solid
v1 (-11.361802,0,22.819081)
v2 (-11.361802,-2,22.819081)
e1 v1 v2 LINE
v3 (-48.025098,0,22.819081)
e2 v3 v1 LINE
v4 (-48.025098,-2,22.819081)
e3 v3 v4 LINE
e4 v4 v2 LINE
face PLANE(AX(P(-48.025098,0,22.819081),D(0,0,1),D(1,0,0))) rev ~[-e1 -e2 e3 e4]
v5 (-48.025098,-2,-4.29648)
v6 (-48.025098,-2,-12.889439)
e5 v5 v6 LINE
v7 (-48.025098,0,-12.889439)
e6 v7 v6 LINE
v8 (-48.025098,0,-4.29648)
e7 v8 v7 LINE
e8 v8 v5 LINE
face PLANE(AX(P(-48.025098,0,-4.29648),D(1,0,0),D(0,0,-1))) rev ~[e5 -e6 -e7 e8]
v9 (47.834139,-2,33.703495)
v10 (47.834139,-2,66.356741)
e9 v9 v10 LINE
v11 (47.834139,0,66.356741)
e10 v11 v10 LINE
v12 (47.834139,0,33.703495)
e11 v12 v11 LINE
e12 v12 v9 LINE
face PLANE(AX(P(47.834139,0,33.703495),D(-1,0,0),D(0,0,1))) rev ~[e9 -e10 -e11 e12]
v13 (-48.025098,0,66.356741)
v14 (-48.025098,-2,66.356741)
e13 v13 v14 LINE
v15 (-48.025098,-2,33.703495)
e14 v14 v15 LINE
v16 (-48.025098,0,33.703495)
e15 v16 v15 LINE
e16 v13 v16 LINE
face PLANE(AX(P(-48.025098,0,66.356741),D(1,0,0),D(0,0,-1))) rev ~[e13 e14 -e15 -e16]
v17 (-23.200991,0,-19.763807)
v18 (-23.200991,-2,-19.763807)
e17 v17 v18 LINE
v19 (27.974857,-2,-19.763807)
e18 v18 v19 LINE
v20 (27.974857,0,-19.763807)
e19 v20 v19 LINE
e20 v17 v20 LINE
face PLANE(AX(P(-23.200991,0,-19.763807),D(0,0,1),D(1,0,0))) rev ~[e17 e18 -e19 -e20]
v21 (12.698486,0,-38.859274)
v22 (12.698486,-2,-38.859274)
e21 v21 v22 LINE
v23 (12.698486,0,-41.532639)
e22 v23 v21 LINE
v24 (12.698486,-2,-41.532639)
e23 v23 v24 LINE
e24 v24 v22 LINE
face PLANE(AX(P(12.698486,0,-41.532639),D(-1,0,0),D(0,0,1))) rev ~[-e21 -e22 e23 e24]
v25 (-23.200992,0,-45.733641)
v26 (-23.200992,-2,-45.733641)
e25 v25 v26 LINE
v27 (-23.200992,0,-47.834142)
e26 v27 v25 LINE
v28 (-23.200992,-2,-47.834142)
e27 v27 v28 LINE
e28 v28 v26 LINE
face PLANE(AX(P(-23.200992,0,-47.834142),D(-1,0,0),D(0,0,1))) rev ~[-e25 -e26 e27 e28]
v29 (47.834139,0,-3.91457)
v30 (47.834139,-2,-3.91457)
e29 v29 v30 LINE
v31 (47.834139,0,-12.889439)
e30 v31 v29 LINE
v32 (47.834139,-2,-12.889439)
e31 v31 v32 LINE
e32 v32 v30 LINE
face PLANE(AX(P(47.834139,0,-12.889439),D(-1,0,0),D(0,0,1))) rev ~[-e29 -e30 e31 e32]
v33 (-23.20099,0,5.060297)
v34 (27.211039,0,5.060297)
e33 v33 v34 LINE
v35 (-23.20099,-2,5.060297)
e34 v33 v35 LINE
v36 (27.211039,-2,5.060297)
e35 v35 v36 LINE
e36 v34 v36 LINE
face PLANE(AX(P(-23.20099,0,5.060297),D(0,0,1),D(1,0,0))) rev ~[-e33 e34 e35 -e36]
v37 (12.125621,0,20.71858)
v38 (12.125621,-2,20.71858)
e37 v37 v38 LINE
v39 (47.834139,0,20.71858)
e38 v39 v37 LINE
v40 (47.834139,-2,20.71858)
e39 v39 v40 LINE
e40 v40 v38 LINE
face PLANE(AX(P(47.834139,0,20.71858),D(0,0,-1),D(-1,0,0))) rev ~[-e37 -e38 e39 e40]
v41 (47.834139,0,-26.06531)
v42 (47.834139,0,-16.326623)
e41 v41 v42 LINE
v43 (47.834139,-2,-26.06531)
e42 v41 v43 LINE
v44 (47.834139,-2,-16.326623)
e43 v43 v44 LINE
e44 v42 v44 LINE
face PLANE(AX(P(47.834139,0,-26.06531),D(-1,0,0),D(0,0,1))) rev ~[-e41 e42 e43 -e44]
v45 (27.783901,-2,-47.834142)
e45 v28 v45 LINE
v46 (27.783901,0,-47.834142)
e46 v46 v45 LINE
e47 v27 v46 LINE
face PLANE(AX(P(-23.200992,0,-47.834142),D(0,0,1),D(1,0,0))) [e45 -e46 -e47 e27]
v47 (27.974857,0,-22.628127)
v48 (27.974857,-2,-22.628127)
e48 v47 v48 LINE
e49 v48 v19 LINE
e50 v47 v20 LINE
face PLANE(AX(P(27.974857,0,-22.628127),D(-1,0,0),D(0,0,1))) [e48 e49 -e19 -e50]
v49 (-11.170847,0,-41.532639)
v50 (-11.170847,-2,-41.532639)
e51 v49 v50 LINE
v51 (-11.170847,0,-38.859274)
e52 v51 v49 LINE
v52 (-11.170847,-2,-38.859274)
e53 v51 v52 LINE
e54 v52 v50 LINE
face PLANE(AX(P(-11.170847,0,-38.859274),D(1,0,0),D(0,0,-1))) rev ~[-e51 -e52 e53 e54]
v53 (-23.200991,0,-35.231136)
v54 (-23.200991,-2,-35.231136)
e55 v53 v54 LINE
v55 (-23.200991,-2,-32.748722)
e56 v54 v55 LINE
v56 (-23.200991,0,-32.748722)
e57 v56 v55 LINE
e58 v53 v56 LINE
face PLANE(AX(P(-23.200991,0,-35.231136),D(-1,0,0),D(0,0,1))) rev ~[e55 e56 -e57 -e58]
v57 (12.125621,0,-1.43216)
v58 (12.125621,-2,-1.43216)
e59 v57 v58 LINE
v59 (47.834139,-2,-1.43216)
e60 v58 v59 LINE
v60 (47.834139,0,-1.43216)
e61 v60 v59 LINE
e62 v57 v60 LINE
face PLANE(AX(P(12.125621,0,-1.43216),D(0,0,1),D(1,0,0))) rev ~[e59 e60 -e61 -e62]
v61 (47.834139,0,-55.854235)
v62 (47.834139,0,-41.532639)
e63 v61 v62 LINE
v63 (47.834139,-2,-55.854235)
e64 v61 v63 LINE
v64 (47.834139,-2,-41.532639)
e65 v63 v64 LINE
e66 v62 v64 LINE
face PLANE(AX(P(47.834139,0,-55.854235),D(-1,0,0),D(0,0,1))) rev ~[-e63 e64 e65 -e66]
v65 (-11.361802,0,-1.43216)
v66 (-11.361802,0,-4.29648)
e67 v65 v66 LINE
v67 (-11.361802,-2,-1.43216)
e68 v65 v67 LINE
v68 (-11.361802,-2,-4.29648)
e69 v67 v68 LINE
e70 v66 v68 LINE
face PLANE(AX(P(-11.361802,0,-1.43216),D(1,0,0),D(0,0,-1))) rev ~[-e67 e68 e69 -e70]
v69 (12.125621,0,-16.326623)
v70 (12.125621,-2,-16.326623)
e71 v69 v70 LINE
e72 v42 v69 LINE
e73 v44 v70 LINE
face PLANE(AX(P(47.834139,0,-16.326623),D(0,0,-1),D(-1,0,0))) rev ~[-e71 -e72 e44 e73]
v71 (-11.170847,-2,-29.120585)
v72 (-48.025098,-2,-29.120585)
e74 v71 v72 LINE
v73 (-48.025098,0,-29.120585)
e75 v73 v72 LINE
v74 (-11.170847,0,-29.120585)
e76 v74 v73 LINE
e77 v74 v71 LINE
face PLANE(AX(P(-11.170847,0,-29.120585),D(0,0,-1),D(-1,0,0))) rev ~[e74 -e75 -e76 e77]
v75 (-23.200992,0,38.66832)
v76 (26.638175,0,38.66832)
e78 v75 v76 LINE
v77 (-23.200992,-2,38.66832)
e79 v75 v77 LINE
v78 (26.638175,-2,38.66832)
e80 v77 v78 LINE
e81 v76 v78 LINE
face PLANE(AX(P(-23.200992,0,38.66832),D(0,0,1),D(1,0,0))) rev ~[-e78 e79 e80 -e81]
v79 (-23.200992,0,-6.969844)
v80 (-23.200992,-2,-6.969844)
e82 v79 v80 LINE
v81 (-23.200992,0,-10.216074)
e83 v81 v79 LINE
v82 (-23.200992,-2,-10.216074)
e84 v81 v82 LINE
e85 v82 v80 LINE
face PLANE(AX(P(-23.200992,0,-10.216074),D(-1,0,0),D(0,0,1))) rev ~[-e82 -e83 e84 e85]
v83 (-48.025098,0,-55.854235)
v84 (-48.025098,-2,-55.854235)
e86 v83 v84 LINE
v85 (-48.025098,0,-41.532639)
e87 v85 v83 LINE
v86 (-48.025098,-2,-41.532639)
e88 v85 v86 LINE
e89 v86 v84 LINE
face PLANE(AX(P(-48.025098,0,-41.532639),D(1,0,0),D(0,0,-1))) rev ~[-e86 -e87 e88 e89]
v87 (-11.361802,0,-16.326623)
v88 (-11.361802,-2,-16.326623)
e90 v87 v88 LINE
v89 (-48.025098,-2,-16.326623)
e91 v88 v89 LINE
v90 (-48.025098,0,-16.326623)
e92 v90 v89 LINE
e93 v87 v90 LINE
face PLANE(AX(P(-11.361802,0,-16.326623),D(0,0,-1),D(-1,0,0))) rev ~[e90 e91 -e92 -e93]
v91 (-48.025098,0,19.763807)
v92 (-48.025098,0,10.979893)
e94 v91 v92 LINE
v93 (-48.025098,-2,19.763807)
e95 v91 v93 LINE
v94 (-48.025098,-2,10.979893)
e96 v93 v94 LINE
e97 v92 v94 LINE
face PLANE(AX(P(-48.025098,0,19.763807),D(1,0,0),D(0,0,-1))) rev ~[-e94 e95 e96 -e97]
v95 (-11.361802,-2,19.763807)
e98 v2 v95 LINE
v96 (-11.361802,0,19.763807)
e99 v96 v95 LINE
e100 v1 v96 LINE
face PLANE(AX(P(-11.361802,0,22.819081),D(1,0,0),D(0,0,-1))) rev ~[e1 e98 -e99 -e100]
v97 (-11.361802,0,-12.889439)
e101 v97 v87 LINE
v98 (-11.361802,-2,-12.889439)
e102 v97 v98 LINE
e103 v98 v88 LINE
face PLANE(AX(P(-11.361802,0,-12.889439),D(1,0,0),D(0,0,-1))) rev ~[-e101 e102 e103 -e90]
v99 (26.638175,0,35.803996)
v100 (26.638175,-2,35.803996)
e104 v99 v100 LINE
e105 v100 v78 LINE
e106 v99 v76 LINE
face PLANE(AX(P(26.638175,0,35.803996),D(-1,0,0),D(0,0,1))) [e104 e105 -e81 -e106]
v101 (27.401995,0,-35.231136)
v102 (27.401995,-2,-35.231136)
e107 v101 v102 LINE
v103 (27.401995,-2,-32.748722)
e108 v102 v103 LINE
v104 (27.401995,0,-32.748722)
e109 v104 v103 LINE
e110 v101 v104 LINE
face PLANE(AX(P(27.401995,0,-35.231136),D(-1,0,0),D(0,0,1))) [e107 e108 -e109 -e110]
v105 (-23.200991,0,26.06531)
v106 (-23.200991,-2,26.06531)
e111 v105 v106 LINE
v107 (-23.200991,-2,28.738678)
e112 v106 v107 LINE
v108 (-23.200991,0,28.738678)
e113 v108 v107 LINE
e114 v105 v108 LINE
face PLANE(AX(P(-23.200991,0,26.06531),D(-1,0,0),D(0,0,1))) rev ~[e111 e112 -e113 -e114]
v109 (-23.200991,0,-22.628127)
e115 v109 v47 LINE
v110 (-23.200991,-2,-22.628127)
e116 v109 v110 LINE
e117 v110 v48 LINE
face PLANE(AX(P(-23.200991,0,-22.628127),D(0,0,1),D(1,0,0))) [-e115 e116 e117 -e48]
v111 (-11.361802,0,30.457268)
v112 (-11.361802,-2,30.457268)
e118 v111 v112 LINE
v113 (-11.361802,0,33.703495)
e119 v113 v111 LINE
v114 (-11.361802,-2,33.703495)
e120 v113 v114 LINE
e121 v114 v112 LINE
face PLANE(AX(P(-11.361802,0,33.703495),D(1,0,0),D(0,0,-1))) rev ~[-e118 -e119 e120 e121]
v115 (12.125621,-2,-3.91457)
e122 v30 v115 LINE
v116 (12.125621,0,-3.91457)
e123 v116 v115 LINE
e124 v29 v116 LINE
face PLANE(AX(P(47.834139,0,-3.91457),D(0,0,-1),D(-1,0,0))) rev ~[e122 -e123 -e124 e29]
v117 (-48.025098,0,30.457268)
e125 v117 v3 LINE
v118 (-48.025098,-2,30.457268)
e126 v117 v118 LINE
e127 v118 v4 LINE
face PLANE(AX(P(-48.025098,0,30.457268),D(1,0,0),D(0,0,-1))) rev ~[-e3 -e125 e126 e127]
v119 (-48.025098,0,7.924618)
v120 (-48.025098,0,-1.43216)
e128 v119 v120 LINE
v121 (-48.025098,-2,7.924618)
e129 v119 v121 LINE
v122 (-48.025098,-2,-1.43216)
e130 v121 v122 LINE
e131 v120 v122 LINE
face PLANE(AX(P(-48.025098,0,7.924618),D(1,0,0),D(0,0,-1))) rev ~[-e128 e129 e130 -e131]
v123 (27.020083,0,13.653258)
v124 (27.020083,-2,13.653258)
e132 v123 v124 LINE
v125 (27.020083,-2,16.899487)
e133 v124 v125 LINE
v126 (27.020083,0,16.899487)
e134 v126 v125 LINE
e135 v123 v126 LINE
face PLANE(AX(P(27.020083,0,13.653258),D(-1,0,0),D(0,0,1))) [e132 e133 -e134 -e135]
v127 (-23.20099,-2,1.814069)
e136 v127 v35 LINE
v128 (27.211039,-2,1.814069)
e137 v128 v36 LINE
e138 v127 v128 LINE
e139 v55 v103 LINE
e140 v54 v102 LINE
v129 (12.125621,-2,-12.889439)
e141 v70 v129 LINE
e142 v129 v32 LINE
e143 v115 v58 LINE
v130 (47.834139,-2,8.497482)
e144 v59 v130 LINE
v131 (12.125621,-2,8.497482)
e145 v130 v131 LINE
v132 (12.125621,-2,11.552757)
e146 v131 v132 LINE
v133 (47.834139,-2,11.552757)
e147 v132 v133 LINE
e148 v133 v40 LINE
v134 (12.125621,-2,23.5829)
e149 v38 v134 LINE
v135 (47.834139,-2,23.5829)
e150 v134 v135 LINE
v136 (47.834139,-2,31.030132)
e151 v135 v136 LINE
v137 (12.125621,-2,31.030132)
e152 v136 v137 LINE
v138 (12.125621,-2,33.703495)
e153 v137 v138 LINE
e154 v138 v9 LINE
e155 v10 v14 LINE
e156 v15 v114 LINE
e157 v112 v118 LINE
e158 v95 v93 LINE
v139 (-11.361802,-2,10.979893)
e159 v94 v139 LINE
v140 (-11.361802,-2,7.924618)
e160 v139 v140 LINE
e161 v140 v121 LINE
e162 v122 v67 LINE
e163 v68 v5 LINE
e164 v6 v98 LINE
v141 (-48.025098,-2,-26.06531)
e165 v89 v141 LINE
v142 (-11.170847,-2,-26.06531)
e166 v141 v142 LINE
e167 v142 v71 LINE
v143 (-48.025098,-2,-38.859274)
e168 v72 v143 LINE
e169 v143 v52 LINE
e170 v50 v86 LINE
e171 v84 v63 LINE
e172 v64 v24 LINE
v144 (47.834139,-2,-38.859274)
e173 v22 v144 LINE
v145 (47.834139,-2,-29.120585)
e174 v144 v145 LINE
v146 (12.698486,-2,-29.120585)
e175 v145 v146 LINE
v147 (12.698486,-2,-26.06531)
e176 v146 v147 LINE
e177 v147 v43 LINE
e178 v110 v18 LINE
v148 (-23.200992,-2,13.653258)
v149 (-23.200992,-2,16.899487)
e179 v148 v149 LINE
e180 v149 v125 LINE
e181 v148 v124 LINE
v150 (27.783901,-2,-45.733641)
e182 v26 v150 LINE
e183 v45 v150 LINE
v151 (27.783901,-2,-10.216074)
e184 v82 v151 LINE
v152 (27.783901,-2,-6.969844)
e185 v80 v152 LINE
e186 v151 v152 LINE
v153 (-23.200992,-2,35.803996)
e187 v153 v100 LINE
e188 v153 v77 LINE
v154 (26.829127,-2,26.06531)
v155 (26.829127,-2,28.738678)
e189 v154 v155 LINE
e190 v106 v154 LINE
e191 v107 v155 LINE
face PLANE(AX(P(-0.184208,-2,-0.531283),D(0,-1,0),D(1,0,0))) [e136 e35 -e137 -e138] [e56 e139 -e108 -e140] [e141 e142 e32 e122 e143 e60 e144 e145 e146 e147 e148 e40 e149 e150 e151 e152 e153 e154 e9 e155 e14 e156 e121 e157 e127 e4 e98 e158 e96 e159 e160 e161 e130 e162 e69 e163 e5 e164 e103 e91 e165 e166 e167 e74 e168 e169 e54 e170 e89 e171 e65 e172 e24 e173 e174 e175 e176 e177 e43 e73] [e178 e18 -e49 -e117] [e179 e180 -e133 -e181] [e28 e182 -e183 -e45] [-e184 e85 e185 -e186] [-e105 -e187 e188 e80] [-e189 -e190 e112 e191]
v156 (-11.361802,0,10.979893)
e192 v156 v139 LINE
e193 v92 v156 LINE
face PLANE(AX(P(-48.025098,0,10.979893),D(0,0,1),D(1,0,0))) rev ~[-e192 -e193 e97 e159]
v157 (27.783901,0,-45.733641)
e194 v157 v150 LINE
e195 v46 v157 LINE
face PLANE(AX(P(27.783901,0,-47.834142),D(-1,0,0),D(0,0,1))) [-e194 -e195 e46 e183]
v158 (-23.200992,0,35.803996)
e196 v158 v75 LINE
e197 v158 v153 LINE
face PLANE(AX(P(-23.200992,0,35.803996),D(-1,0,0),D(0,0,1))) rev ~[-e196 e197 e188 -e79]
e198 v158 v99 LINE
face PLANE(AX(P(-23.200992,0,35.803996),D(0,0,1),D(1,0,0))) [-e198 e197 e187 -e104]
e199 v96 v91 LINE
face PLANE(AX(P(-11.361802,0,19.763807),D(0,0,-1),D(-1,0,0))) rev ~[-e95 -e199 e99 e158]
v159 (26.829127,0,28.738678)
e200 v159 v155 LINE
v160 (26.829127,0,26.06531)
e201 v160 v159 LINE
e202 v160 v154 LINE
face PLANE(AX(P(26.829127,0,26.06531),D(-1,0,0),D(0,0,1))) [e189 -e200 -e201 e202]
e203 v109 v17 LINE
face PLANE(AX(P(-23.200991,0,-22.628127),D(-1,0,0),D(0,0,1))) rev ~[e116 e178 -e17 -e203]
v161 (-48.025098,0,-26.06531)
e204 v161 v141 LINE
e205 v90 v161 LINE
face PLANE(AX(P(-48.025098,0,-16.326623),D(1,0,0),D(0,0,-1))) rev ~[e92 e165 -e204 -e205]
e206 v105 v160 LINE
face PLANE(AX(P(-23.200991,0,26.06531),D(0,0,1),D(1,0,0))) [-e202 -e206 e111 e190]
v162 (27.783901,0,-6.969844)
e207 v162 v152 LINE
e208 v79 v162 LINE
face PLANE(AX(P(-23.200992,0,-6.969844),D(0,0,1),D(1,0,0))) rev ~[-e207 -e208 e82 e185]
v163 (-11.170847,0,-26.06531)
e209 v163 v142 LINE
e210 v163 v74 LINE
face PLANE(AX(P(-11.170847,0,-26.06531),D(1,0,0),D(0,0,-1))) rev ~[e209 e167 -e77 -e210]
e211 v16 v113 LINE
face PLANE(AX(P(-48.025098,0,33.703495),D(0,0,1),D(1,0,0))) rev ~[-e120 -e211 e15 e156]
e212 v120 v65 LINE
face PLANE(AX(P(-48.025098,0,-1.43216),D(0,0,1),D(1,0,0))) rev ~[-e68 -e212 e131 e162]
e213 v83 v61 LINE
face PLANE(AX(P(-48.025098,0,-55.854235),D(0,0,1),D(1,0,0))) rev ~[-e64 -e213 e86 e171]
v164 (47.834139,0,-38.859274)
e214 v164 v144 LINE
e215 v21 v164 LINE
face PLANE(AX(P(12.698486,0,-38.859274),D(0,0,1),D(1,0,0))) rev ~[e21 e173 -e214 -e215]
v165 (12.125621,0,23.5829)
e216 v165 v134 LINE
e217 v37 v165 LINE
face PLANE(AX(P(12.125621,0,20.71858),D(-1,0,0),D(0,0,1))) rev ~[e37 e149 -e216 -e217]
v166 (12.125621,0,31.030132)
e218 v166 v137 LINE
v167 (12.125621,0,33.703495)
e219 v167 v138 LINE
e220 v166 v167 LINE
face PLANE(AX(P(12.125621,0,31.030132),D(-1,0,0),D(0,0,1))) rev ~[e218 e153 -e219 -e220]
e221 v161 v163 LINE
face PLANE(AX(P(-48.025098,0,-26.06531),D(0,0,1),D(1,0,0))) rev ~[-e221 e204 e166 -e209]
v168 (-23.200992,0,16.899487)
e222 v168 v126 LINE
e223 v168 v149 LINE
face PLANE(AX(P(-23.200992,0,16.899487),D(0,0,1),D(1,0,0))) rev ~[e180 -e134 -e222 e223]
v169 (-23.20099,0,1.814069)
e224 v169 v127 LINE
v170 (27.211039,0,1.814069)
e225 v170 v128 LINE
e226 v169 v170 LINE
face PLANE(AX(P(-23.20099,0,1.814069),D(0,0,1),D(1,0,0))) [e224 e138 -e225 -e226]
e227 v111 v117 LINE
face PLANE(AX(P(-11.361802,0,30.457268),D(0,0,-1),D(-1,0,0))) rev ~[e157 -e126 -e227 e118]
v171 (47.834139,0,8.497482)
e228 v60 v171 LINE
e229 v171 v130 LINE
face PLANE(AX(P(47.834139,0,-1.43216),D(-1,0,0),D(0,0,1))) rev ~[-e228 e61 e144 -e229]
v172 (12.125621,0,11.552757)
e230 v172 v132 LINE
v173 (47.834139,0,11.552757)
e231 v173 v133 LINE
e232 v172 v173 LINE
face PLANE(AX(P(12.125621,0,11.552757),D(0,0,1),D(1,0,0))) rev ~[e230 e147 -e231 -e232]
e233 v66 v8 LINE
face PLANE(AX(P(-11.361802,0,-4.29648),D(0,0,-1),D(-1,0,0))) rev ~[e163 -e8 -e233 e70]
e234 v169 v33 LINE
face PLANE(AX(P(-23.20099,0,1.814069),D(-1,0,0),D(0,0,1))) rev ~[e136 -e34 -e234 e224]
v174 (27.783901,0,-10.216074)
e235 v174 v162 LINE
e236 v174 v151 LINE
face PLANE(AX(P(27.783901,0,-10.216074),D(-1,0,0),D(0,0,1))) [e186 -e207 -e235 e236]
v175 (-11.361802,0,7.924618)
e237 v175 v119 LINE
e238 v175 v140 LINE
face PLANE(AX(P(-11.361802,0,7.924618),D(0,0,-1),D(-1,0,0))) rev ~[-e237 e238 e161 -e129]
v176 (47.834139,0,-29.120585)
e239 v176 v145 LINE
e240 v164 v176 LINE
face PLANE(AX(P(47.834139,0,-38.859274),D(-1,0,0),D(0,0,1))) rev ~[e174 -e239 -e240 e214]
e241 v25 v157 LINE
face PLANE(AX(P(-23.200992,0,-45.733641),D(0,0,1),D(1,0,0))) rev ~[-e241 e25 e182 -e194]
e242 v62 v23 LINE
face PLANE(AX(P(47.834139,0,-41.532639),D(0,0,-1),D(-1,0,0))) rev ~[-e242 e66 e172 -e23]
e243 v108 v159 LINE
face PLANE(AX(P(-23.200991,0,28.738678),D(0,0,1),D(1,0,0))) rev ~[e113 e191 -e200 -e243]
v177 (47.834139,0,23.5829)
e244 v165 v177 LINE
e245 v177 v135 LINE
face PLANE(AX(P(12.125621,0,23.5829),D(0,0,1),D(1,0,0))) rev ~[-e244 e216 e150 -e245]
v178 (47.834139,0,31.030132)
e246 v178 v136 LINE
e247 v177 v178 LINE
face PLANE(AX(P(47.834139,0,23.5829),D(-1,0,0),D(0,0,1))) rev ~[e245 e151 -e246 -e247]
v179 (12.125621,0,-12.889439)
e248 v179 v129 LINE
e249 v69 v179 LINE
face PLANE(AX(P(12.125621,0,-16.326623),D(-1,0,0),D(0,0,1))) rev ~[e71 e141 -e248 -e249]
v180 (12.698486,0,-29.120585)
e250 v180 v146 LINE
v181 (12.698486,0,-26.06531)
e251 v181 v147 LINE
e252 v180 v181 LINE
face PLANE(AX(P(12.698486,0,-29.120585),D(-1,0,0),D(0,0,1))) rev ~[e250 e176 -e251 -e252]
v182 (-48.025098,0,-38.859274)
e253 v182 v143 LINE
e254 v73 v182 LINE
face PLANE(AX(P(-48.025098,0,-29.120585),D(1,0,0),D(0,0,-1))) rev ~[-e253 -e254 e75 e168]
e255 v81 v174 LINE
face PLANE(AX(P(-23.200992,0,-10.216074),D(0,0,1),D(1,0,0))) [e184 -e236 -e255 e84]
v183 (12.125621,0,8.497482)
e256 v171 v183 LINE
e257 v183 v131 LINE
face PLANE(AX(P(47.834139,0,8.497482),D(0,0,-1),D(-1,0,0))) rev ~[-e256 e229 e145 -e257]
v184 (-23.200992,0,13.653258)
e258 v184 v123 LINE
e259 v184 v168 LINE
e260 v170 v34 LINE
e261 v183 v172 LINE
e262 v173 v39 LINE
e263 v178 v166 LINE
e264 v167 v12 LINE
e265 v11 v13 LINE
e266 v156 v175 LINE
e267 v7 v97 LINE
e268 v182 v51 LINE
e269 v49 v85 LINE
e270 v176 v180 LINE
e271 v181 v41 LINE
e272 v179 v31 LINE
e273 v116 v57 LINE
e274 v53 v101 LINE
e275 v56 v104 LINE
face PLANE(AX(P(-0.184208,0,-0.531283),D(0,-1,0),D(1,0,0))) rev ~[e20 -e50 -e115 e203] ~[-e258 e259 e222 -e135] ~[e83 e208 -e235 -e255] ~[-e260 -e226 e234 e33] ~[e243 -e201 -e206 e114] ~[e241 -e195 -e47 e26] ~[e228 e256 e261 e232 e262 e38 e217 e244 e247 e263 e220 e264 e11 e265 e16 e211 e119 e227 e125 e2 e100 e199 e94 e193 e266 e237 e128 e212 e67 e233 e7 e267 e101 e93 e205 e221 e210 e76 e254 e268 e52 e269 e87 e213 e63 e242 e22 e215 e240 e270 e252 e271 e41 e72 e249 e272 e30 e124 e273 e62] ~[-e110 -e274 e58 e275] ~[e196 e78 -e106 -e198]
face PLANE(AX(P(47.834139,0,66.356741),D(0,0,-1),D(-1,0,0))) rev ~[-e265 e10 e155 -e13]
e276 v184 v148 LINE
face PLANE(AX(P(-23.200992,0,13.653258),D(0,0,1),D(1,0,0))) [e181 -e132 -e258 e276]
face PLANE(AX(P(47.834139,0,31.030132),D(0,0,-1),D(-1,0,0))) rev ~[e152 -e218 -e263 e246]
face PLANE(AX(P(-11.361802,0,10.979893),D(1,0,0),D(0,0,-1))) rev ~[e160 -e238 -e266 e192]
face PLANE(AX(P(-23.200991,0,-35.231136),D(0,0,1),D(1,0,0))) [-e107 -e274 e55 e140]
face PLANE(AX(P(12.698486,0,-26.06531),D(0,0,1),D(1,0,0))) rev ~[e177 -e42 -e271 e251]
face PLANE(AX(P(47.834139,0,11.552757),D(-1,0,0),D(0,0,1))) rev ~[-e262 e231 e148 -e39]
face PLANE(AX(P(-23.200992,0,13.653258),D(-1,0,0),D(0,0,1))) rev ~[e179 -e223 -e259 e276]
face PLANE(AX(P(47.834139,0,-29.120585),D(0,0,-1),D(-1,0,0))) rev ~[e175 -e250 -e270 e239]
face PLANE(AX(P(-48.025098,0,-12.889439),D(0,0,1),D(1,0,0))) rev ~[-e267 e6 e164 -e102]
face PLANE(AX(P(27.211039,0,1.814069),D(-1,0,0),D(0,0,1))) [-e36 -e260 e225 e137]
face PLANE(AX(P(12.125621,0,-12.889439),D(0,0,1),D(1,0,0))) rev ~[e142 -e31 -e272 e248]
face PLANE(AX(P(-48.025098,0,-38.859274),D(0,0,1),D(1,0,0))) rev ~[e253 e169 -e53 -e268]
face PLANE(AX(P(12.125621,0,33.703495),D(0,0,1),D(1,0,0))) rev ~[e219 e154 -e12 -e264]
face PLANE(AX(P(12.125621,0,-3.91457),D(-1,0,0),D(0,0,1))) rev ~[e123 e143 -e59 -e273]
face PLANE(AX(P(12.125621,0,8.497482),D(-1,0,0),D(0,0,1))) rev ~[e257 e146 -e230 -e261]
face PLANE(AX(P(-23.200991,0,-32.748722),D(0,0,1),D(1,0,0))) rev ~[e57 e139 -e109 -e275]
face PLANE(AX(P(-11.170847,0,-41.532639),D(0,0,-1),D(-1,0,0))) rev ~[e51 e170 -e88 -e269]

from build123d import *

# Parameters (mm, degrees)
F0_W     = 50.984893
F0_H     = 2.100501
F0_W_2   = 50.602986
F0_H_2   = 2.482414
F0_W_3   = 51.175848
F0_H_3   = 2.86432
F0_H_4   = 3.246229
F0_W_4   = 50.412029
F0_W_5   = 50.221075
F0_W_6   = 50.030118
F0_H_5   = 2.673368
F0_W_7   = 49.839167
F0_H_6   = 2.864324
F1_DEPTH = 2


with BuildPart() as f1:
    # F0 (on Front) → F1 (new body)
    with BuildSketch(Plane.XZ):
        Polygon((-48.025098, -41.532639), (-48.025098, -55.854235), (47.834139, -55.854235), (47.834139, -41.532639), (12.698486, -41.532639), (12.698486, -38.859274), (47.834139, -38.859274), (47.834139, -29.120585), (12.698486, -29.120585), (12.698486, -26.06531), (47.834139, -26.06531), (47.834139, -16.326623), (12.125621, -16.326623), (12.125621, -12.889439), (47.834139, -12.889439), (47.834139, -3.91457), (12.125621, -3.91457), (12.125621, -1.43216), (47.834139, -1.43216), (47.834139, 8.497482), (12.125621, 8.497482), (12.125621, 11.552757), (47.834139, 11.552757), (47.834139, 20.71858), (12.125621, 20.71858), (12.125621, 23.5829), (47.834139, 23.5829), (47.834139, 31.030132), (12.125621, 31.030132), (12.125621, 33.703495), (47.834139, 33.703495), (47.834139, 66.356741), (-48.025098, 66.356741), (-48.025098, 33.703495), (-11.361802, 33.703495), (-11.361802, 30.457268), (-48.025098, 30.457268), (-48.025098, 22.819081), (-11.361802, 22.819081), (-11.361802, 19.763807), (-48.025098, 19.763807), (-48.025098, 10.979893), (-11.361802, 10.979893), (-11.361802, 7.924618), (-48.025098, 7.924618), (-48.025098, -1.43216), (-11.361802, -1.43216), (-11.361802, -4.29648), (-48.025098, -4.29648), (-48.025098, -12.889439), (-11.361802, -12.889439), (-11.361802, -16.326623), (-48.025098, -16.326623), (-48.025098, -26.06531), (-11.170847, -26.06531), (-11.170847, -29.120585), (-48.025098, -29.120585), (-48.025098, -38.859274), (-11.170847, -38.859274), (-11.170847, -41.532639), align=None)
        with Locations((2.291455, -46.783892)):
            Rectangle(F0_W, F0_H, mode=Mode.SUBTRACT)
        with Locations((2.100502, -33.989929)):
            Rectangle(F0_W_2, F0_H_2, mode=Mode.SUBTRACT)
        with Locations((2.386933, -21.195967)):
            Rectangle(F0_W_3, F0_H_3, mode=Mode.SUBTRACT)
        with Locations((2.291455, -8.592959)):
            Rectangle(F0_W, F0_H_4, mode=Mode.SUBTRACT)
        with Locations((2.005024, 3.437183)):
            Rectangle(F0_W_4, F0_H_4, mode=Mode.SUBTRACT)
        with Locations((1.909546, 15.276373)):
            Rectangle(F0_W_5, F0_H_4, mode=Mode.SUBTRACT)
        with Locations((1.814068, 27.401994)):
            Rectangle(F0_W_6, F0_H_5, mode=Mode.SUBTRACT)
        with Locations((1.718592, 37.236158)):
            Rectangle(F0_W_7, F0_H_6, mode=Mode.SUBTRACT)
    extrude(amount=F1_DEPTH)


solid = f1.part
